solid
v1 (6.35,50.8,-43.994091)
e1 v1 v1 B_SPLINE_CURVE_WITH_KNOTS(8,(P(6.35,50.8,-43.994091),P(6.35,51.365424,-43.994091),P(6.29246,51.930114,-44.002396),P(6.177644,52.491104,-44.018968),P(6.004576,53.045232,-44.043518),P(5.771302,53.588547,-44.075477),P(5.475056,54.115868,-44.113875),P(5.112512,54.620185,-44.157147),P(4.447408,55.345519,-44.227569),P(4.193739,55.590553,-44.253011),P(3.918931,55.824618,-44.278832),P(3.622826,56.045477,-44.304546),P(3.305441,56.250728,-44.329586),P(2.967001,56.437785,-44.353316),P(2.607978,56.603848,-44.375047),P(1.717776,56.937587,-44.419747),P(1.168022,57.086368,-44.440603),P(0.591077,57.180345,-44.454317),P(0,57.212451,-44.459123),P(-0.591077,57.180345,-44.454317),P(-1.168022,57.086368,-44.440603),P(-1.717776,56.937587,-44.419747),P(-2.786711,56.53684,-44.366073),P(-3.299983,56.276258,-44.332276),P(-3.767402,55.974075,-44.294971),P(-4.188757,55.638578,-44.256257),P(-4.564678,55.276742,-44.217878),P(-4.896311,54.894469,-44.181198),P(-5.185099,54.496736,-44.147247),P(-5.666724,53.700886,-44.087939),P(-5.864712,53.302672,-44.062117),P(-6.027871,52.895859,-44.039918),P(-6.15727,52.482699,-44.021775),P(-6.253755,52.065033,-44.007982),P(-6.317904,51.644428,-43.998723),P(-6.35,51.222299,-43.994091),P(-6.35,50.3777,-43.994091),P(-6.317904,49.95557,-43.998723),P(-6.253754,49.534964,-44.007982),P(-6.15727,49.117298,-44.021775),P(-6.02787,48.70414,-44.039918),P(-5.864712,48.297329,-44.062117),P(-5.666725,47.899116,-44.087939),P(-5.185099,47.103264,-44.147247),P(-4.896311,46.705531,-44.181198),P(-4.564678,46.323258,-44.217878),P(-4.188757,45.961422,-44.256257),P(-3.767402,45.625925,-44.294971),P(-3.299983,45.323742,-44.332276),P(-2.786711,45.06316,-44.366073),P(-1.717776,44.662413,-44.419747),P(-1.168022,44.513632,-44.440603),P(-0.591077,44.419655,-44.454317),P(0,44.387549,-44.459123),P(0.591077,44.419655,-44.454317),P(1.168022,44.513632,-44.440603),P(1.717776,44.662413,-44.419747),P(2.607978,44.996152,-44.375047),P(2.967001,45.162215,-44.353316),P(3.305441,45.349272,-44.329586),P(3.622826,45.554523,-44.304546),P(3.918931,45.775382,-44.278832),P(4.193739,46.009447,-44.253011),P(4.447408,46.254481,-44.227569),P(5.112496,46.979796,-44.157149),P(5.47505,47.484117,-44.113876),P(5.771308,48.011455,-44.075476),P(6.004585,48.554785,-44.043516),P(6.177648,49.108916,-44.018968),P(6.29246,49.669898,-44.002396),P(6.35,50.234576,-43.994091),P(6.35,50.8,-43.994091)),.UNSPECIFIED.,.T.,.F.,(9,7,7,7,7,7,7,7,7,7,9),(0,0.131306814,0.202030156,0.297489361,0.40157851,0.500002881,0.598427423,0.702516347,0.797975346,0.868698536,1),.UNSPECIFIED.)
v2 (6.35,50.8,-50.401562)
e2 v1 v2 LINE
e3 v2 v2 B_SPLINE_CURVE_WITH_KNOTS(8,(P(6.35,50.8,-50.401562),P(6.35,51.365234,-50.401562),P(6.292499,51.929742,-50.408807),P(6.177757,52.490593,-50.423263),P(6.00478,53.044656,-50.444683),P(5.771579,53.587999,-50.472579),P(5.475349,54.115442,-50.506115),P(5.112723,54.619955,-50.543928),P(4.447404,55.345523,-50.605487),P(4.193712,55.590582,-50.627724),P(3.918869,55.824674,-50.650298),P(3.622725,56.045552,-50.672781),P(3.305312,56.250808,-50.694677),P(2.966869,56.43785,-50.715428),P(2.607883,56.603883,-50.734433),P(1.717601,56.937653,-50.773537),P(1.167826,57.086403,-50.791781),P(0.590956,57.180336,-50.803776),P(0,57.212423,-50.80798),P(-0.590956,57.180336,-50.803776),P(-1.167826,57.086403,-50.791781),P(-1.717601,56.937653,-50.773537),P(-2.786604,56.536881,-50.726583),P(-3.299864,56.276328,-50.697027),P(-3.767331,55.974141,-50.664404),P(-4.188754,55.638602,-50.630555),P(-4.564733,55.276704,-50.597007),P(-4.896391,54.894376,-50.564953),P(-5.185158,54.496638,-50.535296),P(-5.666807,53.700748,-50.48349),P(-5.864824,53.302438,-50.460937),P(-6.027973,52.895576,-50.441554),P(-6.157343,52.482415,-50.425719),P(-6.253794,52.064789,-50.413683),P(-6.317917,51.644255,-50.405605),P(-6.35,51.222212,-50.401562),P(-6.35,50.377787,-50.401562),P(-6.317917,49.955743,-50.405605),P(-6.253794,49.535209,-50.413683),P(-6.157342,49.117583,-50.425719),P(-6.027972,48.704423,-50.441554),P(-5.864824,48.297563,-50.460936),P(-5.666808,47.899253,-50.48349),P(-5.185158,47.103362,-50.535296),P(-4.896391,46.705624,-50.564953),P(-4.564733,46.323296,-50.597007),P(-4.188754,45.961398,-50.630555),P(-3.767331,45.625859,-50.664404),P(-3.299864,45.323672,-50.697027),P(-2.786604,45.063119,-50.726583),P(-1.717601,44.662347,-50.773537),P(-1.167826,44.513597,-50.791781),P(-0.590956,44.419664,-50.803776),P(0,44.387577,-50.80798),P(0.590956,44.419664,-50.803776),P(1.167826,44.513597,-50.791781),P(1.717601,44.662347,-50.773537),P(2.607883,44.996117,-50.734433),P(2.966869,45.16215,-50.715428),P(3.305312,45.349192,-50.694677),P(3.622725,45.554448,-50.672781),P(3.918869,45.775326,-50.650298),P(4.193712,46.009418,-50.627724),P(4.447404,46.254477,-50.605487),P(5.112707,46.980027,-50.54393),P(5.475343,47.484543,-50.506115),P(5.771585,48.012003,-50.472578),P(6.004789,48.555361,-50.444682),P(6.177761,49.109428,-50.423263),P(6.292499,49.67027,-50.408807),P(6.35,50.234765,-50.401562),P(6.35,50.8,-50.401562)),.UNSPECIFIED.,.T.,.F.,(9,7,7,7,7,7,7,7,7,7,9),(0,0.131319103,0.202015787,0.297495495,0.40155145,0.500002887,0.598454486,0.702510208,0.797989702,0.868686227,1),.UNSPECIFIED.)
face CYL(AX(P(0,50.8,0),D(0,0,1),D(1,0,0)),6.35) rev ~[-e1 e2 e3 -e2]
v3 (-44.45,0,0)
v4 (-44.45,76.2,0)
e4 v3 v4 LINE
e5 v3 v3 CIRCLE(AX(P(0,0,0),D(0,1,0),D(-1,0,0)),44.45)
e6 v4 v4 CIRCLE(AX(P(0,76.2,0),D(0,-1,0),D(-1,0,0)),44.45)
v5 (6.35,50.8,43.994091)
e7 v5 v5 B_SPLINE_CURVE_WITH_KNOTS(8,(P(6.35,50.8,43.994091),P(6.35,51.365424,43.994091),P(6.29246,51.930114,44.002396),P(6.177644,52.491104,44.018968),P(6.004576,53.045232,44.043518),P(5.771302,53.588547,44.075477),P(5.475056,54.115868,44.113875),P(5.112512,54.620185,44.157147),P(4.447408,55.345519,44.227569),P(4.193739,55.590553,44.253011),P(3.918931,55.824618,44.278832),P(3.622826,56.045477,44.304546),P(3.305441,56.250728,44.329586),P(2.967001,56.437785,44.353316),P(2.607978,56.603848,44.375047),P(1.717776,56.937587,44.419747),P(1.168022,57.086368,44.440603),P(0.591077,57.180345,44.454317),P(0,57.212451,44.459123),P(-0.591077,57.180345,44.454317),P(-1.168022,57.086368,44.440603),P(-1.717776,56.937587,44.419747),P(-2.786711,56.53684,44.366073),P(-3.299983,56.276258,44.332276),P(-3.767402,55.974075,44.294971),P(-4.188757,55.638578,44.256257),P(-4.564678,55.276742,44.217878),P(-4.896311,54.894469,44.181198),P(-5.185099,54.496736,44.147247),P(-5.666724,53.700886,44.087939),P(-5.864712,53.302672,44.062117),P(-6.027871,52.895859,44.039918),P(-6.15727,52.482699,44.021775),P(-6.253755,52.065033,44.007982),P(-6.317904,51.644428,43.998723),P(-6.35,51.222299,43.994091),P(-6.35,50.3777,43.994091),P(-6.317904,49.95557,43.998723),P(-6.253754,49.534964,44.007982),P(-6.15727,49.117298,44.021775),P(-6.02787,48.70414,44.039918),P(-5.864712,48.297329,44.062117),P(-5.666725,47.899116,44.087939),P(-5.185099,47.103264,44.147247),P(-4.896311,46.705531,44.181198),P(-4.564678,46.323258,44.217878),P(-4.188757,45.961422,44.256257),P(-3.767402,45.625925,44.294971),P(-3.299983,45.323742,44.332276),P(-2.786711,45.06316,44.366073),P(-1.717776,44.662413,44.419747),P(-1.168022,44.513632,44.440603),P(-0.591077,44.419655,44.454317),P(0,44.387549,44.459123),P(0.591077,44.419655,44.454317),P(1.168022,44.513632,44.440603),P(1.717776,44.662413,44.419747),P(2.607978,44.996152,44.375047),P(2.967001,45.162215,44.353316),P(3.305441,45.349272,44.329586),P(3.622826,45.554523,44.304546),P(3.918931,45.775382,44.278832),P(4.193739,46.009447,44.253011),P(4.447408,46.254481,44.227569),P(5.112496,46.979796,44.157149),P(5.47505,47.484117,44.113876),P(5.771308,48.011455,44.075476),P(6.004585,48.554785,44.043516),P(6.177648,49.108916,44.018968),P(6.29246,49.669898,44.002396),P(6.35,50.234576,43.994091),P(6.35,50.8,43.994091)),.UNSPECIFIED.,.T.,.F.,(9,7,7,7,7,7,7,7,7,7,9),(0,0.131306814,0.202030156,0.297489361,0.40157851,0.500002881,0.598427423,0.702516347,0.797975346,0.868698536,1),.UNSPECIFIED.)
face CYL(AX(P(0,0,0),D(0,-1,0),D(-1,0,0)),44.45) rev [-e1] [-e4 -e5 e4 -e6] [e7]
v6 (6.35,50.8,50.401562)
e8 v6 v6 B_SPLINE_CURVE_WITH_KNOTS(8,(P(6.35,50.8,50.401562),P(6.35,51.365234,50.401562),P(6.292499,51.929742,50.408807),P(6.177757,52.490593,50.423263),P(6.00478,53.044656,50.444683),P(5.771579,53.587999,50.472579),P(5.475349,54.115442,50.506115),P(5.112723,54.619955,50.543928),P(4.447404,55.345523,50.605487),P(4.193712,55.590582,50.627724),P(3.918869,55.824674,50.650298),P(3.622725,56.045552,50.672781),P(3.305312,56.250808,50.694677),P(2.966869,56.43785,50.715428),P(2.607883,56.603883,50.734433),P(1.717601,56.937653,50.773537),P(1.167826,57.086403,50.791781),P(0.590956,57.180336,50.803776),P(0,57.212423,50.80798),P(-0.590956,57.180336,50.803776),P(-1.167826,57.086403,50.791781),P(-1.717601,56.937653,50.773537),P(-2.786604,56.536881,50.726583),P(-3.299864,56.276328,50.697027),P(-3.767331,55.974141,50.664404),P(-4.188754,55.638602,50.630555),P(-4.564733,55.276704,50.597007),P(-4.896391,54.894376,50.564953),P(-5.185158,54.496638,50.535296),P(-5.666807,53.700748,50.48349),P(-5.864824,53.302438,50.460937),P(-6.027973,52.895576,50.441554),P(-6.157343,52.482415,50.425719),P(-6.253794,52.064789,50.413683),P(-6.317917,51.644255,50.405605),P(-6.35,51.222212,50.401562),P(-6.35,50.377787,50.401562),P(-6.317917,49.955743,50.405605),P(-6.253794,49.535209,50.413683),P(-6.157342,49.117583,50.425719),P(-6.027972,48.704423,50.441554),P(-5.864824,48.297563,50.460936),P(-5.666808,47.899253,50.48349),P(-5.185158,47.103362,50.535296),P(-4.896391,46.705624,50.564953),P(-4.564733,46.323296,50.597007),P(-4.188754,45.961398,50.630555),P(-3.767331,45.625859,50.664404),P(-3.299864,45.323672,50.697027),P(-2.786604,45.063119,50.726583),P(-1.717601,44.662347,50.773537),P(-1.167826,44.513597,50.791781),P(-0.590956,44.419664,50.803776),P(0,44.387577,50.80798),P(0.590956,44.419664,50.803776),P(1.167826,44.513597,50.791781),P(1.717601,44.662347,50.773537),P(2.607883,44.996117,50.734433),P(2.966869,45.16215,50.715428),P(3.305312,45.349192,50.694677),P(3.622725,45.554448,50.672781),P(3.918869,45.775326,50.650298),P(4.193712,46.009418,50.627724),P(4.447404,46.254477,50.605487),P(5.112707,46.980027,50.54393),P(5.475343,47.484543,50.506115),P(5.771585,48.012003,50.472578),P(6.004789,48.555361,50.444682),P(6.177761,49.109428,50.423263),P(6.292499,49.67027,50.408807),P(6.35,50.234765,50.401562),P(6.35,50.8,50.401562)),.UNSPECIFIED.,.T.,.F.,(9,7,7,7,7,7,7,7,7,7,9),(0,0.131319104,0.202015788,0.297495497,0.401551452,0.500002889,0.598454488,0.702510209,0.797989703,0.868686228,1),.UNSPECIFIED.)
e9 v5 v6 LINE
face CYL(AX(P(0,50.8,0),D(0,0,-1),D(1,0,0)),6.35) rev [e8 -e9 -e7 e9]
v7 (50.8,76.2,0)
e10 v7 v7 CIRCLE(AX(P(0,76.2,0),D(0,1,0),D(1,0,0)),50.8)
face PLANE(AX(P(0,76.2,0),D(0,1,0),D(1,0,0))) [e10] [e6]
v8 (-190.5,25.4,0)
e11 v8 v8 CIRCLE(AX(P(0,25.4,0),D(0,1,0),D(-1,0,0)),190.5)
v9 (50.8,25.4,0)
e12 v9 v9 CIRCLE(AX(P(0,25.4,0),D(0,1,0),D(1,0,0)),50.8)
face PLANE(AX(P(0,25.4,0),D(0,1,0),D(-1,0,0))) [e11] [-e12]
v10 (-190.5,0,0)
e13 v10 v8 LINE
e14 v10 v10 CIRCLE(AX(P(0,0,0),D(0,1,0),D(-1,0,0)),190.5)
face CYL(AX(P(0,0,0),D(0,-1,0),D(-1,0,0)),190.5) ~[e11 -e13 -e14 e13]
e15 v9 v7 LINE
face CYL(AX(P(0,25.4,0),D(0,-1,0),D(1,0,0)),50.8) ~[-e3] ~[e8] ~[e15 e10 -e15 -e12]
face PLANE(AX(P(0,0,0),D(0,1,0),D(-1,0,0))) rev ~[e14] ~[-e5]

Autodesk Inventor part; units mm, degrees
ref_plane "YZ Plane" through (0, 0, 0) normal (1, 0, 0) x (0, 1, 0)
ref_plane "XZ Plane" through (0, 0, 0) normal (0, 1, 0) x (-1, 0, 0)
ref_plane "XY Plane" through (0, 0, 0) normal (0, 0, 1) x (1, 0, 0)
sketch "Sketch1" plane through (0, 0, 0) normal (0, 1, 0) x (-1, 0, 0)
  circle A0 centre (0, 0) radius 190.5
  dimension "d0" = 381
extrude "Extrusion1" add sketch "Sketch1" along normal blind 25.4
sketch "Sketch2" plane through (0, 25.4, 0) normal (0, 1, 0) x (1, 0, 0)
  circle A0 centre (0, 0) radius 50.8
  dimension "d3" = 101.6
extrude "Extrusion2" add sketch "Sketch2" along normal blind 50.8
sketch "Sketch3" plane through (0, 0, 0) normal (0, 1, 0) x (-1, 0, 0)
  circle A0 centre (0, 0) radius 44.45
  dimension "d6" = 88.9
extrude "Extrusion3" cut sketch "Sketch3" along normal up to next
sketch "Sketch4" plane through (0, 0, 0) normal (0, 0, 1) x (1, 0, 0)
  circle A0 centre (0, 50.8) radius 6.35
  line L0 (190.5, 25.4) -> (-190.5, 25.4) projected
  point P0 (0, 0)
  dimension "d9" = 12.7
  dimension "d10" = 25.4
extrude "Extrusion4" cut sketch "Sketch4" along normal mid plane 177.8
properties part number "Top3"
